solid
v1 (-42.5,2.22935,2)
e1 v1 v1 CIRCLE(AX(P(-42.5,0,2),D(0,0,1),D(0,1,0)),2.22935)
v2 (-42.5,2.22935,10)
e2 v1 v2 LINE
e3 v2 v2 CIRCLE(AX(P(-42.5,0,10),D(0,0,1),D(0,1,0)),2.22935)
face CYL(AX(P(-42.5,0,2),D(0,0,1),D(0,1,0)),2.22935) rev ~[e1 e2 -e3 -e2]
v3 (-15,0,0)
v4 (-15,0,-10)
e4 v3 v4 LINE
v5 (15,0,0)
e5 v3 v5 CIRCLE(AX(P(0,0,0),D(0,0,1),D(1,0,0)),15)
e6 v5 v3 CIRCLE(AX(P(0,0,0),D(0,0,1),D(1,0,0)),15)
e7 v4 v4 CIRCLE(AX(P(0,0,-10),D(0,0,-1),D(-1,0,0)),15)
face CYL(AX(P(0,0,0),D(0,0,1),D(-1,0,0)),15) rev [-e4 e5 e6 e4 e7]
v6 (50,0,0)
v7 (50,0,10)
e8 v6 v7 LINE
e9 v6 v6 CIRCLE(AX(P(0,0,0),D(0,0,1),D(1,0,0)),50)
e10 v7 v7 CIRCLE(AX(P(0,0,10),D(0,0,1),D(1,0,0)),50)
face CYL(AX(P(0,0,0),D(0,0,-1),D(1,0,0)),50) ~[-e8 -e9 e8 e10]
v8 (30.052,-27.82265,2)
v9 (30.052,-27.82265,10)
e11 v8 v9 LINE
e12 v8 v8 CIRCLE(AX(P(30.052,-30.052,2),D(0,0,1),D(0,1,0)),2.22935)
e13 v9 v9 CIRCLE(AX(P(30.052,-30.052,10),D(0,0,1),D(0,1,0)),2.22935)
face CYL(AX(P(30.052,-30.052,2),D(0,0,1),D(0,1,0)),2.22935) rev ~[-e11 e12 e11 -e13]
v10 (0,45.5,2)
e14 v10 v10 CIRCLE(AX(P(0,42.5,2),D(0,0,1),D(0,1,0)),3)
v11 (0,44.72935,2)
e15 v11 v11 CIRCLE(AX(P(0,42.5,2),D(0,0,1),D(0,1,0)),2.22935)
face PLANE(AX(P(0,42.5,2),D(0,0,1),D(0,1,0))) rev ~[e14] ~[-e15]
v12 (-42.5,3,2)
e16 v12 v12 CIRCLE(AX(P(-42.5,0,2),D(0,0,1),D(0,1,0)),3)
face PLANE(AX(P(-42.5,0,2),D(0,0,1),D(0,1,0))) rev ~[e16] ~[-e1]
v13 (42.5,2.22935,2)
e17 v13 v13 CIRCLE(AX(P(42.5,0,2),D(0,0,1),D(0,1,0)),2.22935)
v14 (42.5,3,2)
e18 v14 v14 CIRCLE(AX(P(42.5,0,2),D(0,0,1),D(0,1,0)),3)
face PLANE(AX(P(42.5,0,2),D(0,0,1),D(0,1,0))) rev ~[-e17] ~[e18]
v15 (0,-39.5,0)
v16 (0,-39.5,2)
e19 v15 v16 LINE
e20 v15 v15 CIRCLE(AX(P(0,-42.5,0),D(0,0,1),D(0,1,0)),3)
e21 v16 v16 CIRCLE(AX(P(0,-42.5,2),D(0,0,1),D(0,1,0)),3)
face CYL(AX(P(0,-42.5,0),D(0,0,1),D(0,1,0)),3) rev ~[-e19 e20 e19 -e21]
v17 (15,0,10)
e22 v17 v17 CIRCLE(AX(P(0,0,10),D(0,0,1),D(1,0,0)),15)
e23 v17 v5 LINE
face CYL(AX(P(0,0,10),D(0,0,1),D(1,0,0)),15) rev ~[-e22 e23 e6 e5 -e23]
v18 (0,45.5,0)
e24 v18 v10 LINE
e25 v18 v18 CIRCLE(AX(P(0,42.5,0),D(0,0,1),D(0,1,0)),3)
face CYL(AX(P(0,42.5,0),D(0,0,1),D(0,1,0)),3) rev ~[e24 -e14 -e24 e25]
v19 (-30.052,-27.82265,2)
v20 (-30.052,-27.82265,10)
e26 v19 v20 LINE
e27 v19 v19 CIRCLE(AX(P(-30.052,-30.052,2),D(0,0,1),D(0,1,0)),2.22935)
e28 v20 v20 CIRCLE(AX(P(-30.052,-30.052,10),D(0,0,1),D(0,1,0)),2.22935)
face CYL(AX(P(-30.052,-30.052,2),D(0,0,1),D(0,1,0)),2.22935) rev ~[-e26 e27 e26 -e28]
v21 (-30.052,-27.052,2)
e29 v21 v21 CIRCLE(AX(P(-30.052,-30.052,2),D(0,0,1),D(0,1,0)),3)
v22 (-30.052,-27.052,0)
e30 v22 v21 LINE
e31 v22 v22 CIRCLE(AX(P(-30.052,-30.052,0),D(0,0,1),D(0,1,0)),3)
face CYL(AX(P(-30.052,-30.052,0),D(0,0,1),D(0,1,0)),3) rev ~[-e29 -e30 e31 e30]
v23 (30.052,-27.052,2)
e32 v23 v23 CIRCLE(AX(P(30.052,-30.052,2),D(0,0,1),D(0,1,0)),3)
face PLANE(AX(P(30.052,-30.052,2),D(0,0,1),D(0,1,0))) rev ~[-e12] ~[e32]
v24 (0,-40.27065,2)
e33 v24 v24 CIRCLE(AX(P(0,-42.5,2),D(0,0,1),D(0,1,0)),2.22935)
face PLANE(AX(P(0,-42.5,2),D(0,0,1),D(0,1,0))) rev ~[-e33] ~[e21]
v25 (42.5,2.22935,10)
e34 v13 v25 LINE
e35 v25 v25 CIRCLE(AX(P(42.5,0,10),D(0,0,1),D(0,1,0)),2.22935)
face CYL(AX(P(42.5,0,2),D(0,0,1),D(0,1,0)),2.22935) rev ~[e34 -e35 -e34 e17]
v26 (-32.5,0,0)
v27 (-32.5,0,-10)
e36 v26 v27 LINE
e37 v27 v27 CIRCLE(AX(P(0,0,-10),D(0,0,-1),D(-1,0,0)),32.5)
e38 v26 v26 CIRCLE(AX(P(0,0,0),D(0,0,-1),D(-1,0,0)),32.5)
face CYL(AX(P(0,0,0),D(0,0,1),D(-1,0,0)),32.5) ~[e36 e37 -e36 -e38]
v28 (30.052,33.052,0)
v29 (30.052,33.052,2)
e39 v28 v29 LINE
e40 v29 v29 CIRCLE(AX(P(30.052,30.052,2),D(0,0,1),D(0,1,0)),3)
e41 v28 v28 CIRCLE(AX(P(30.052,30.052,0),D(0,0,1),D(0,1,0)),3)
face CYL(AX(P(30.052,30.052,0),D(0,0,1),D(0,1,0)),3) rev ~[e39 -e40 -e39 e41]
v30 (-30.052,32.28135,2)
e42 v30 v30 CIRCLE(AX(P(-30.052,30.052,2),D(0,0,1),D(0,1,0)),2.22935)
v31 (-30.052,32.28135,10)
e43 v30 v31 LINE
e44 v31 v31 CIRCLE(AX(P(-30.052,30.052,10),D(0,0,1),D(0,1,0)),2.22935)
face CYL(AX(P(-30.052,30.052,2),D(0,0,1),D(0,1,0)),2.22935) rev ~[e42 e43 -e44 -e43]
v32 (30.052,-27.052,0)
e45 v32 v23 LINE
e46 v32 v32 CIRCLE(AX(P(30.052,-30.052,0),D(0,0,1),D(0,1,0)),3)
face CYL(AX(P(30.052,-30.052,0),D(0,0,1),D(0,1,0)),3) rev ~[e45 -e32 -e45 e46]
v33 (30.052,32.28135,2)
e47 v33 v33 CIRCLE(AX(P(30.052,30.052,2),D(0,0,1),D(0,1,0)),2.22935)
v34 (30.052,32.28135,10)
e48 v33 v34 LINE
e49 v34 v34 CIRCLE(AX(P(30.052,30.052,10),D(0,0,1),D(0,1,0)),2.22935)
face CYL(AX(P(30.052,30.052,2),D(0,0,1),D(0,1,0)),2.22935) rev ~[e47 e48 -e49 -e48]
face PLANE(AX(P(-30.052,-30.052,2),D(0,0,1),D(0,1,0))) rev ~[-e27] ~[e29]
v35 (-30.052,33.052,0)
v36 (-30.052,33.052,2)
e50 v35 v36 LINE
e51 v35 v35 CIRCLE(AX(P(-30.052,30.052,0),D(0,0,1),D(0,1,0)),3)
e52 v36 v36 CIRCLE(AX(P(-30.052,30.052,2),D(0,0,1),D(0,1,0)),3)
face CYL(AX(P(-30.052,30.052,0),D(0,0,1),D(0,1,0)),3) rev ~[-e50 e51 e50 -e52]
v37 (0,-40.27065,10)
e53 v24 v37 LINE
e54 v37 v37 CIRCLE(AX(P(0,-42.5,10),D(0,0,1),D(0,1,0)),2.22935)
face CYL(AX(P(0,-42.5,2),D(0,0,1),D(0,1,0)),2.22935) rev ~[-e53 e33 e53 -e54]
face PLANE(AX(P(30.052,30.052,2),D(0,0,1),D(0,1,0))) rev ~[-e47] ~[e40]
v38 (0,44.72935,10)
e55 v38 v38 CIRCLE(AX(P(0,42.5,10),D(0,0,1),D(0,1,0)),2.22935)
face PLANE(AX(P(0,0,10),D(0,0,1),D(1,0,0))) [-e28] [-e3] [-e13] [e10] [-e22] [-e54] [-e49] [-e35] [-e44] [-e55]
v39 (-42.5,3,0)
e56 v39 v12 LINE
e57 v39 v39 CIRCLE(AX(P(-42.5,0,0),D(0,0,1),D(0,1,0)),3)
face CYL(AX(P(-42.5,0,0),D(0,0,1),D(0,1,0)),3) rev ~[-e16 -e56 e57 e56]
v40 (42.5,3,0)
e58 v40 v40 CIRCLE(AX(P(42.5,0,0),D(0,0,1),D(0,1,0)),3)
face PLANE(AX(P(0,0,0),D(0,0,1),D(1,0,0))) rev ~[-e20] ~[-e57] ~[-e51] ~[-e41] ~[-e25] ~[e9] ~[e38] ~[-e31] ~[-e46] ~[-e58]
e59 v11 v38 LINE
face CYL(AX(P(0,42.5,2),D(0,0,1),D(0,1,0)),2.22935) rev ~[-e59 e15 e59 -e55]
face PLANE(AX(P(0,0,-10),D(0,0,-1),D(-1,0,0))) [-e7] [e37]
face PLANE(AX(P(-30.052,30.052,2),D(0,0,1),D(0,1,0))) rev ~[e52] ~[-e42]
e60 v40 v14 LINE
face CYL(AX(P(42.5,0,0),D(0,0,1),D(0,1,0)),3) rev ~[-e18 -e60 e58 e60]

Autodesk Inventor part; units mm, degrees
ref_plane "YZ Plane" through (0, 0, 0) normal (1, 0, 0) x (0, 1, 0)
ref_plane "XZ Plane" through (0, 0, 0) normal (0, 1, 0) x (-1, 0, 0)
ref_plane "XY Plane" through (0, 0, 0) normal (0, 0, 1) x (1, 0, 0)
sketch "Sketch1" plane through (0, 0, 0) normal (0, 0, 1) x (1, 0, 0)
  circle A0 centre (0, 0) radius 50
  circle A1 centre (0, 0) radius 47.5
  circle A2 centre (0, 0) radius 42.5
  circle A3 centre (0, 0) radius 42.5
  circle A4 centre (0, 0) radius 42.5
  circle A5 centre (0, 0) radius 42.5
  circle A6 centre (0, 0) radius 42.5
  circle A7 centre (0, 0) radius 42.5
  circle A8 centre (0, 0) radius 42.5
  circle A9 centre (0, 0) radius 42.5
  point P0 (-42.5, 0)
  point P1 (-30.052, 30.052)
  point P2 (0, 42.5)
  point P3 (30.052, 30.052)
  point P4 (42.5, 0)
  point P5 (30.052, -30.052)
  point P6 (0, -42.5)
  point P7 (-30.052, -30.052)
  dimension "d4" = 85
  dimension "d0" = 100
  dimension "d3" = 95
  dimension "d5" = 360
extrude "Extrusion1" add sketch "Sketch1" along normal blind 10 contours A0 | A1 | A2
hole "Hole1" at (-42.5, 0, 0) at (-30.052, 30.052, 0) at (0, 42.5, 0) at (30.052, 30.052, 0) at (42.5, 0, 0) at (30.052, -30.052, 0) at (0, -42.5, 0) at (-30.052, -30.052, 0) direction (0, 0, 1) diameter 4.4587 depth 10 tip angle 118 counterbore diameter 6 counterbore depth 2 thread size "M5x0.5" class "6H" standard "ISO Metric profile"
sketch "Sketch2" plane through (0, 0, 10) normal (0, 0, 1) x (1, 0, 0)
  circle A0 centre (0, 0) radius 21
  circle A1 centre (0, 0) radius 15
  dimension "d15" = 42
  dimension "d16" = 30
ref_plane "Work Plane1" through (0, 0, 10) normal (0, 0, 1) x (1, 0, 0)
sketch "Sketch4" plane through (0, 0, 10) normal (0, 0, 1) x (1, 0, 0)
  circle A0 centre (0, 0) radius 15 projected
extrude "Extrusion4" cut sketch "Sketch4" against normal through all
sketch "Sketch5" plane through (0, 0, 0) normal (0, 0, -1) x (-1, 0, 0)
  circle A0 centre (0, 0) radius 32.5
  circle A1 centre (0, 0) radius 15 projected
  point P0 (0, 25)
  dimension "d23" = 25
  dimension "d24" = 65
extrude "Extrusion5" add sketch "Sketch5" along normal blind 10
properties part number "Cover of gearbox"
